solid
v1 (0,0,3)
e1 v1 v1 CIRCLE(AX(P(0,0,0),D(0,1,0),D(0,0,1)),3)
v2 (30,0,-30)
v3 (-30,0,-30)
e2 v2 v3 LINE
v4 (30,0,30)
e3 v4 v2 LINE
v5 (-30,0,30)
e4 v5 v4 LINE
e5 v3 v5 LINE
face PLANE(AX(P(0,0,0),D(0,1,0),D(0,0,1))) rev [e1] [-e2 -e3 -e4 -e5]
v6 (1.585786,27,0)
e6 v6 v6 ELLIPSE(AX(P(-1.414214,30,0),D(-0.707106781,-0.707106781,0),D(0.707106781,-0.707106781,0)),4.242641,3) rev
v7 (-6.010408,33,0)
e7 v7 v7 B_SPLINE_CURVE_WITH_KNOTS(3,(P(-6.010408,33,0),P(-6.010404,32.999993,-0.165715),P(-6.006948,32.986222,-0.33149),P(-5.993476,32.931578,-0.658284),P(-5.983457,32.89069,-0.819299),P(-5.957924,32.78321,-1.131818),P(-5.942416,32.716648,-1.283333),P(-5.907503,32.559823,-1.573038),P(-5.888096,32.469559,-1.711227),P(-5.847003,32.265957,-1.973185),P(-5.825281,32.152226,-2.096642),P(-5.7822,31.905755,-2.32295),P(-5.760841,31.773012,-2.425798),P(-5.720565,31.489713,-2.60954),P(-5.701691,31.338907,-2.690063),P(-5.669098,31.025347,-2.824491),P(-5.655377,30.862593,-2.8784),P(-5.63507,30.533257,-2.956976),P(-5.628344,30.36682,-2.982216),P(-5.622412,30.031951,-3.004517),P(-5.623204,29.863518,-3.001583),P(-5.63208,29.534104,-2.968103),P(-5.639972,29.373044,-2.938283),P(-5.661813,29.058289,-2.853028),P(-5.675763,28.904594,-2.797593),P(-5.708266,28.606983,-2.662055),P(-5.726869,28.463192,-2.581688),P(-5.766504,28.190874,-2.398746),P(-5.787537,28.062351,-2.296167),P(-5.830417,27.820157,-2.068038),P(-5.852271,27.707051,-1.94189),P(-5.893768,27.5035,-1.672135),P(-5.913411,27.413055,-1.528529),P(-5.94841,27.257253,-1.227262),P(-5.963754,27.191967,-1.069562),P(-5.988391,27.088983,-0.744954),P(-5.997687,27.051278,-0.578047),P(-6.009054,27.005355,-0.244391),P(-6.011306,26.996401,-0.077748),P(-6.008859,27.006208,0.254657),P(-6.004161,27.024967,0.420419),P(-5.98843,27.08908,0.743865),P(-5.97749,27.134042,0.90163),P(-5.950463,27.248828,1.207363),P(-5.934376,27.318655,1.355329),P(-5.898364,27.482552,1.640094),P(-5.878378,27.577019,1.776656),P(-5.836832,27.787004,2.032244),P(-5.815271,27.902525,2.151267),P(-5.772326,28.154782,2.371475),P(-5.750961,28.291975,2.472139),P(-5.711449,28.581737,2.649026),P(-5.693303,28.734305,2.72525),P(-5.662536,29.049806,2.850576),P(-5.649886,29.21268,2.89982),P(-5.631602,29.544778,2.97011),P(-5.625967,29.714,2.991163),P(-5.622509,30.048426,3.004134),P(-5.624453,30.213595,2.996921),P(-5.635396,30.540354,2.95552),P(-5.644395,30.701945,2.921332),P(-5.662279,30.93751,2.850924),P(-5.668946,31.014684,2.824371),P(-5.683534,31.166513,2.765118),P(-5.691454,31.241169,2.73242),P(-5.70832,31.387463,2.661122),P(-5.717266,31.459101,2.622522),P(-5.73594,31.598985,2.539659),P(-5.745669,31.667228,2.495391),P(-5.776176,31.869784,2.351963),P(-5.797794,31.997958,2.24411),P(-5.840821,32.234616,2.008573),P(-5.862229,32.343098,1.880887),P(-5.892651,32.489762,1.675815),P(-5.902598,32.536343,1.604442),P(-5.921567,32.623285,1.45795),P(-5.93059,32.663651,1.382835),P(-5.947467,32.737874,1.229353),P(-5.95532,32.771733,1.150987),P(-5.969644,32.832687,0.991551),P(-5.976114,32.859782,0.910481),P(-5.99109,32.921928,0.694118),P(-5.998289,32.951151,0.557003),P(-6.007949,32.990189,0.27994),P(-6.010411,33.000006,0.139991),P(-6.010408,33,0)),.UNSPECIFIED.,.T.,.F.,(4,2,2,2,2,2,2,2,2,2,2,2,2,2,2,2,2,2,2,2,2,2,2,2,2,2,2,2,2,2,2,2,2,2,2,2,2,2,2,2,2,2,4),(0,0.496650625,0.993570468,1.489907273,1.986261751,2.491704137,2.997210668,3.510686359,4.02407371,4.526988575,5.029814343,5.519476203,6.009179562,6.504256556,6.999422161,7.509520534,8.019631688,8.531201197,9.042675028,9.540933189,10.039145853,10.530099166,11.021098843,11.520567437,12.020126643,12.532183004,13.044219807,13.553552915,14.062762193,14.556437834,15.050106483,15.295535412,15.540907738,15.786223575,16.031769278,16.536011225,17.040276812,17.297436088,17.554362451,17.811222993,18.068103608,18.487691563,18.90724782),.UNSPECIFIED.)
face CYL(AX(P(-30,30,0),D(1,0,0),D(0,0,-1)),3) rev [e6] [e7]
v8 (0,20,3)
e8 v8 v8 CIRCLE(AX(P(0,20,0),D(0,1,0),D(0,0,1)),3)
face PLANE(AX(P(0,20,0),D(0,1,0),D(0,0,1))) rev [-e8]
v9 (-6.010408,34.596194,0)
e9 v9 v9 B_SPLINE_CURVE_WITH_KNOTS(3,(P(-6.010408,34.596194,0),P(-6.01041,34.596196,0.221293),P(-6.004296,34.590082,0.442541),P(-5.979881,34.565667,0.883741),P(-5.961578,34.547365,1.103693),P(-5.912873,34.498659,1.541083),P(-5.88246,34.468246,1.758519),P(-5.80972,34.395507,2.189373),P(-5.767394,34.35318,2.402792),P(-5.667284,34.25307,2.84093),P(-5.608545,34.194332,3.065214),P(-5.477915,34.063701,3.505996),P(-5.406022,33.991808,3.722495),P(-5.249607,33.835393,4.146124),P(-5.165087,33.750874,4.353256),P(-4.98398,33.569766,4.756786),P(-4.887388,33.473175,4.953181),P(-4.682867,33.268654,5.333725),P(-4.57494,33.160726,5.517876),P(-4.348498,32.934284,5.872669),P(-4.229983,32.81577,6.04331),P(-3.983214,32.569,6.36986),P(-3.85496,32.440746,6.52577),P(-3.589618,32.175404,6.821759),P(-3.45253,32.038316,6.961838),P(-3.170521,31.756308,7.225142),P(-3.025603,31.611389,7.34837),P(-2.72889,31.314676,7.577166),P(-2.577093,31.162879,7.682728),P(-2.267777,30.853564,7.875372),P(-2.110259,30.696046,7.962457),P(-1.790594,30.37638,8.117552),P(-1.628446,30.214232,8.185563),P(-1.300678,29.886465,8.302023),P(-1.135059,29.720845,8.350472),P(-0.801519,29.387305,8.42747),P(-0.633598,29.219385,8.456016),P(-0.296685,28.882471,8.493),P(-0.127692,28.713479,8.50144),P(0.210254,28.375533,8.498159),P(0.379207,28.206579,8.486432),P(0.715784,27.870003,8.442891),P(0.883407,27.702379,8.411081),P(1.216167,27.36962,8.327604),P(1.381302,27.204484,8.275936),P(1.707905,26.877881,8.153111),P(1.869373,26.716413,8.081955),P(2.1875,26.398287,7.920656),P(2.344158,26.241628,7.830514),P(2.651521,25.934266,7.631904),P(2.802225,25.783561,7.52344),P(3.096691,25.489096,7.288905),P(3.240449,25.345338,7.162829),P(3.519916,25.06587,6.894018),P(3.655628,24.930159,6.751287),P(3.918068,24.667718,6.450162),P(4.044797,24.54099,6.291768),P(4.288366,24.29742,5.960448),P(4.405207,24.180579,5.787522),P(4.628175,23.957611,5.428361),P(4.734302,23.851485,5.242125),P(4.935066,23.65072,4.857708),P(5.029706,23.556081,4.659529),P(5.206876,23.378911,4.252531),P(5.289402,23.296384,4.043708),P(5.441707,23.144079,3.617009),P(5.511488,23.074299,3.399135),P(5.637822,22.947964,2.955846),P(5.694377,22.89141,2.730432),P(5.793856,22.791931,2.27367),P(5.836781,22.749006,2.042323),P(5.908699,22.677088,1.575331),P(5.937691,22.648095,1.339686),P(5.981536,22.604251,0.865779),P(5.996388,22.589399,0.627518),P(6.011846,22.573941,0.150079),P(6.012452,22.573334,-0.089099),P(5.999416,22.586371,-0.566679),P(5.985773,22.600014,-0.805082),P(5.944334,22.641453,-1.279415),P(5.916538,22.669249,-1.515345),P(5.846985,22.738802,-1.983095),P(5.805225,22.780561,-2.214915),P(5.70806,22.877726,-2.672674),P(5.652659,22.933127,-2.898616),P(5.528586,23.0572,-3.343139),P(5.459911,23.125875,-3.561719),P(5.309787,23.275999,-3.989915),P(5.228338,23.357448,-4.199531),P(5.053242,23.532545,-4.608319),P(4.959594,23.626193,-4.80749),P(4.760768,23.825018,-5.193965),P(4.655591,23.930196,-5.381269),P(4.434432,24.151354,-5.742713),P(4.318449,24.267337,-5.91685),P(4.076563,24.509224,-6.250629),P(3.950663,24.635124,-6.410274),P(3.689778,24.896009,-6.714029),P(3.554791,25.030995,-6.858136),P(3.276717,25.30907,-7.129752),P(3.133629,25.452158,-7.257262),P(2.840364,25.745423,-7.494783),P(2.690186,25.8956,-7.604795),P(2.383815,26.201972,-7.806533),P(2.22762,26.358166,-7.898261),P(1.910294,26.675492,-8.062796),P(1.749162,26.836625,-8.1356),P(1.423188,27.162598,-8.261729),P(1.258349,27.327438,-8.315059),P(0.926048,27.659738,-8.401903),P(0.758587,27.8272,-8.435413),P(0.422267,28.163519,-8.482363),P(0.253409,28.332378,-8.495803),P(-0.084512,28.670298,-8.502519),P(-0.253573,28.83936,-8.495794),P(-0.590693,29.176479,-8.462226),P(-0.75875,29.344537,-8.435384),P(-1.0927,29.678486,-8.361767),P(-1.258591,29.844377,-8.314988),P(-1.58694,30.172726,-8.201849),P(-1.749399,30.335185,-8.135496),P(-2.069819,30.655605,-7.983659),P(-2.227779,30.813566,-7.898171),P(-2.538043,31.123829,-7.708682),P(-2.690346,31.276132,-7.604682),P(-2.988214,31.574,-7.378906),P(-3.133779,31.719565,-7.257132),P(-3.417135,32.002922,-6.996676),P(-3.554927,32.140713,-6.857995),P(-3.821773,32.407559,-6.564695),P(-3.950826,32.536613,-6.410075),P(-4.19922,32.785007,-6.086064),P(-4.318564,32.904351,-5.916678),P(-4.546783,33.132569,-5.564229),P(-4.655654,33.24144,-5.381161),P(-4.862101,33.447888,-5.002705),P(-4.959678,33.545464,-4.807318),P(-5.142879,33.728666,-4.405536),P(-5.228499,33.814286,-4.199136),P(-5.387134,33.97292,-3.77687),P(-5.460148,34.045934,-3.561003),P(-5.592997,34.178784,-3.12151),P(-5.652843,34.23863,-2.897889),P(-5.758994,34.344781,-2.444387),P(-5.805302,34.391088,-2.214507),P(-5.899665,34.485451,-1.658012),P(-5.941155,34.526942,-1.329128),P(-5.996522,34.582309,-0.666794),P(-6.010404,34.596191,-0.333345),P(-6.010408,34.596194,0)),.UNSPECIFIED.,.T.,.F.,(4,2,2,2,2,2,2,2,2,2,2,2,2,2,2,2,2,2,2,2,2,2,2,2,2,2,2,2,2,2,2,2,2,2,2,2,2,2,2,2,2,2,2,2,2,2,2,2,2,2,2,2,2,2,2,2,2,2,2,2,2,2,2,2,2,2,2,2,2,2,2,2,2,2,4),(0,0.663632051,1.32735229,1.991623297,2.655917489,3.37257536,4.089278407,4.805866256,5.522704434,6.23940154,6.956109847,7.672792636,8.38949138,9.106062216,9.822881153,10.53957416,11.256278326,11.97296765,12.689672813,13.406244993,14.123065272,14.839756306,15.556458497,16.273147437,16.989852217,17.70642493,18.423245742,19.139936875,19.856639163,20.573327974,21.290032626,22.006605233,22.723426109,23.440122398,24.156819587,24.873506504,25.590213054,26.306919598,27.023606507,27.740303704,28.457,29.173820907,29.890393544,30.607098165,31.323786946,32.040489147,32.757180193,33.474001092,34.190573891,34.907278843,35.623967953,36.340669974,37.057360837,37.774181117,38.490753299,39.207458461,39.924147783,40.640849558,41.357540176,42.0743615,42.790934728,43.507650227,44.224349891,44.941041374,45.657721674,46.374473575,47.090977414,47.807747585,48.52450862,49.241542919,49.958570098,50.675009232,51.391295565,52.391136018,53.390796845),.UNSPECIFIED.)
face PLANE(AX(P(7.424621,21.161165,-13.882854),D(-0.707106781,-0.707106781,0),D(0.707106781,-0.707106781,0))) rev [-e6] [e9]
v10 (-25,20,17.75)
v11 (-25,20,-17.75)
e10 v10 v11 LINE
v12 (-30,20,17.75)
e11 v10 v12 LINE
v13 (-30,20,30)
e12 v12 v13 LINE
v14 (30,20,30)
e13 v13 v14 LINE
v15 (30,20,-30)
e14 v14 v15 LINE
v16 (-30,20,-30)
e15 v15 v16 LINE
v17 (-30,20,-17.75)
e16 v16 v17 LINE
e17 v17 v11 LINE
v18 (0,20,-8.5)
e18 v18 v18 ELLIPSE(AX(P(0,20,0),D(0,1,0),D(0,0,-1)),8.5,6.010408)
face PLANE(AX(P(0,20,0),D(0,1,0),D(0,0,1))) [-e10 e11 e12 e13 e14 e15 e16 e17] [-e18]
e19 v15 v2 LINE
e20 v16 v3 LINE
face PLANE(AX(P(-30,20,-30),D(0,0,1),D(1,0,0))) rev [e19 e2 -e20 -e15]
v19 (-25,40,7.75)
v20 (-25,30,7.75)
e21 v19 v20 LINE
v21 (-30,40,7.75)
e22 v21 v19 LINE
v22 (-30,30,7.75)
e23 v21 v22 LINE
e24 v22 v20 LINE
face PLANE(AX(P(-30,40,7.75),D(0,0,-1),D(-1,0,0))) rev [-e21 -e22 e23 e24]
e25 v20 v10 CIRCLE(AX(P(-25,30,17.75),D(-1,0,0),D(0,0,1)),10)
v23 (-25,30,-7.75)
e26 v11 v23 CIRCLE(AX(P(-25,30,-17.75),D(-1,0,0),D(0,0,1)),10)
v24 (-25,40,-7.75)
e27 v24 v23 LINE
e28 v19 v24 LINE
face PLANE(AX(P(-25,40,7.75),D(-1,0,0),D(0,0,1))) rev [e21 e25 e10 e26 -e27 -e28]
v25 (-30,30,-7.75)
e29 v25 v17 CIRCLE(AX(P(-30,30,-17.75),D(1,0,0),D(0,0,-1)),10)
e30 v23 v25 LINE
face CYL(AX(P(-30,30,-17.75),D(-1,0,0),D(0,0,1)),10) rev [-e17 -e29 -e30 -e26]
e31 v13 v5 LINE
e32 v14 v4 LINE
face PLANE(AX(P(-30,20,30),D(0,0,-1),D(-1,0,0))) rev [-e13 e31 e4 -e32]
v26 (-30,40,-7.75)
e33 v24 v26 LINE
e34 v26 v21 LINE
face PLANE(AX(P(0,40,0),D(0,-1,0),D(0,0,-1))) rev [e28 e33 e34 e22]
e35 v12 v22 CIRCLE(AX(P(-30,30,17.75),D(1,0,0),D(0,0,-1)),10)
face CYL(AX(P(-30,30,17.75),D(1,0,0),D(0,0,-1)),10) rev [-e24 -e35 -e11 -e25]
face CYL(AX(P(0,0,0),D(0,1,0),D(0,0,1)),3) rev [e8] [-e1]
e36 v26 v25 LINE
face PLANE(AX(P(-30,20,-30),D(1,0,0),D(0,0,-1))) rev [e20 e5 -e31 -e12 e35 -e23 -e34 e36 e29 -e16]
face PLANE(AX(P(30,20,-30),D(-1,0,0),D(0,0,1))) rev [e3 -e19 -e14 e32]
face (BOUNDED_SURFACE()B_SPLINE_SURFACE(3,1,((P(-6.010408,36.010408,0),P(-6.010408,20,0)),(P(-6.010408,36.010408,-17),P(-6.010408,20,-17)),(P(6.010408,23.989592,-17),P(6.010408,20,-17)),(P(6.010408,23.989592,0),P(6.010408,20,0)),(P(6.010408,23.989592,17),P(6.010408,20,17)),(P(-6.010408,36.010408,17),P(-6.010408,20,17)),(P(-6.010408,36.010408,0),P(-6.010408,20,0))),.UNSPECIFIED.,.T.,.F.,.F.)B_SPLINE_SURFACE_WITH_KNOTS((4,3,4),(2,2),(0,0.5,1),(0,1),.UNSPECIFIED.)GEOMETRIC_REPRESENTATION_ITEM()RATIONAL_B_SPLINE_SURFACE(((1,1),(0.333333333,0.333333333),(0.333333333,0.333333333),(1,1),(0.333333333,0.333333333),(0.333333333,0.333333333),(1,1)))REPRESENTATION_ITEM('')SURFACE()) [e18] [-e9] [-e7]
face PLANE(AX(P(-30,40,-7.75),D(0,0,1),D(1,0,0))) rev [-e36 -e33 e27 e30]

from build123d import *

# Parameters (mm, degrees)
SKETCH2_W               = 60
SKETCH2_H               = 60
BOSS_EXTRUDE1_DEPTH     = 20
SKETCH9_R               = 8.5
SKETCH10_RX             = 8.5
SKETCH10_RY             = 6.01040764
SKETCH12_R              = 3
CUT_EXTRUDE1_DEPTH      = 61
SKETCH13_R              = 3
CUT_EXTRUDE2_DEPTH      = 21
SKETCH15_W              = 5
SKETCH15_H              = 15.5
BOSS_EXTRUDE2_DEPTH     = 20
FILLET1_R               = 10
SKETCH17_W              = 28.111929505
SKETCH17_H              = 1
CUT_EXTRUDE3_DEPTH      = 23
CUT_EXTRUDE3_DEPTH_BACK = 3


with BuildPart() as part:
    # Sketch2 → Boss-Extrude1 (new body)
    with BuildSketch(Plane(origin=(0, 0, 0), x_dir=(1, 0, 0), z_dir=(0, 1, 0))):
        Rectangle(SKETCH2_W, SKETCH2_H)
    extrude(amount=BOSS_EXTRUDE1_DEPTH)

    # Sketch9 → Loft1 section 0
    with BuildSketch(Plane(origin=(15, 15, 0), x_dir=(0, 0, -1), z_dir=(0.707106781, 0.707106781, 0))):
        with Locations((0, 21.213203436)):
            Circle(SKETCH9_R)
    # Sketch10 → Loft1 section 1
    with BuildSketch(Plane(origin=(0, 20, 0), x_dir=(1, 0, 0), z_dir=(0, 1, 0))):
        with Locations(Location((0, 0), (0, 0, 90))):
            Ellipse(SKETCH10_RX, SKETCH10_RY)
    loft()

    # Sketch12 → Cut-Extrude1 (cut, through all)
    with BuildSketch(Plane(origin=(30, 0, 0), x_dir=(0, 0, -1), z_dir=(1, 0, 0))):
        with Locations((0, 30)):
            Circle(SKETCH12_R)
    extrude(amount=-CUT_EXTRUDE1_DEPTH, mode=Mode.SUBTRACT)

    # Sketch13 → Cut-Extrude2 (cut, through all)
    with BuildSketch(Plane(origin=(0, 20, 0), x_dir=(1, 0, 0), z_dir=(0, 1, 0))):
        Circle(SKETCH13_R)
    extrude(amount=-CUT_EXTRUDE2_DEPTH, mode=Mode.SUBTRACT)

    # Sketch15 → Boss-Extrude2 (add)
    with BuildSketch(Plane(origin=(0, 20, 0), x_dir=(1, 0, 0), z_dir=(0, 1, 0))):
        with Locations((-27.5, 0)):
            Rectangle(SKETCH15_W, SKETCH15_H)
    extrude(amount=BOSS_EXTRUDE2_DEPTH)

    # Fillet1
    fillet1_edges = [part.edges().sort_by_distance(p)[0] for p in [
        (-27.5, 20, 7.75),
        (-27.5, 20, -7.75),
    ]]
    fillet(fillet1_edges, radius=FILLET1_R)

    # Sketch17 → Cut-Extrude3 (cut, two sides)
    with BuildSketch(Plane(origin=(-8.98959236, 8.98959236, 0), x_dir=(0, 0, 1), z_dir=(-0.707106781, 0.707106781, 0))) as cut_extrude3_sk:
        with Locations((0.173110945, 20.713203436)):
            Rectangle(SKETCH17_W, SKETCH17_H)
    extrude(amount=CUT_EXTRUDE3_DEPTH, mode=Mode.SUBTRACT)
    extrude(cut_extrude3_sk.sketch, amount=-CUT_EXTRUDE3_DEPTH_BACK, mode=Mode.SUBTRACT)


solid = part.part
